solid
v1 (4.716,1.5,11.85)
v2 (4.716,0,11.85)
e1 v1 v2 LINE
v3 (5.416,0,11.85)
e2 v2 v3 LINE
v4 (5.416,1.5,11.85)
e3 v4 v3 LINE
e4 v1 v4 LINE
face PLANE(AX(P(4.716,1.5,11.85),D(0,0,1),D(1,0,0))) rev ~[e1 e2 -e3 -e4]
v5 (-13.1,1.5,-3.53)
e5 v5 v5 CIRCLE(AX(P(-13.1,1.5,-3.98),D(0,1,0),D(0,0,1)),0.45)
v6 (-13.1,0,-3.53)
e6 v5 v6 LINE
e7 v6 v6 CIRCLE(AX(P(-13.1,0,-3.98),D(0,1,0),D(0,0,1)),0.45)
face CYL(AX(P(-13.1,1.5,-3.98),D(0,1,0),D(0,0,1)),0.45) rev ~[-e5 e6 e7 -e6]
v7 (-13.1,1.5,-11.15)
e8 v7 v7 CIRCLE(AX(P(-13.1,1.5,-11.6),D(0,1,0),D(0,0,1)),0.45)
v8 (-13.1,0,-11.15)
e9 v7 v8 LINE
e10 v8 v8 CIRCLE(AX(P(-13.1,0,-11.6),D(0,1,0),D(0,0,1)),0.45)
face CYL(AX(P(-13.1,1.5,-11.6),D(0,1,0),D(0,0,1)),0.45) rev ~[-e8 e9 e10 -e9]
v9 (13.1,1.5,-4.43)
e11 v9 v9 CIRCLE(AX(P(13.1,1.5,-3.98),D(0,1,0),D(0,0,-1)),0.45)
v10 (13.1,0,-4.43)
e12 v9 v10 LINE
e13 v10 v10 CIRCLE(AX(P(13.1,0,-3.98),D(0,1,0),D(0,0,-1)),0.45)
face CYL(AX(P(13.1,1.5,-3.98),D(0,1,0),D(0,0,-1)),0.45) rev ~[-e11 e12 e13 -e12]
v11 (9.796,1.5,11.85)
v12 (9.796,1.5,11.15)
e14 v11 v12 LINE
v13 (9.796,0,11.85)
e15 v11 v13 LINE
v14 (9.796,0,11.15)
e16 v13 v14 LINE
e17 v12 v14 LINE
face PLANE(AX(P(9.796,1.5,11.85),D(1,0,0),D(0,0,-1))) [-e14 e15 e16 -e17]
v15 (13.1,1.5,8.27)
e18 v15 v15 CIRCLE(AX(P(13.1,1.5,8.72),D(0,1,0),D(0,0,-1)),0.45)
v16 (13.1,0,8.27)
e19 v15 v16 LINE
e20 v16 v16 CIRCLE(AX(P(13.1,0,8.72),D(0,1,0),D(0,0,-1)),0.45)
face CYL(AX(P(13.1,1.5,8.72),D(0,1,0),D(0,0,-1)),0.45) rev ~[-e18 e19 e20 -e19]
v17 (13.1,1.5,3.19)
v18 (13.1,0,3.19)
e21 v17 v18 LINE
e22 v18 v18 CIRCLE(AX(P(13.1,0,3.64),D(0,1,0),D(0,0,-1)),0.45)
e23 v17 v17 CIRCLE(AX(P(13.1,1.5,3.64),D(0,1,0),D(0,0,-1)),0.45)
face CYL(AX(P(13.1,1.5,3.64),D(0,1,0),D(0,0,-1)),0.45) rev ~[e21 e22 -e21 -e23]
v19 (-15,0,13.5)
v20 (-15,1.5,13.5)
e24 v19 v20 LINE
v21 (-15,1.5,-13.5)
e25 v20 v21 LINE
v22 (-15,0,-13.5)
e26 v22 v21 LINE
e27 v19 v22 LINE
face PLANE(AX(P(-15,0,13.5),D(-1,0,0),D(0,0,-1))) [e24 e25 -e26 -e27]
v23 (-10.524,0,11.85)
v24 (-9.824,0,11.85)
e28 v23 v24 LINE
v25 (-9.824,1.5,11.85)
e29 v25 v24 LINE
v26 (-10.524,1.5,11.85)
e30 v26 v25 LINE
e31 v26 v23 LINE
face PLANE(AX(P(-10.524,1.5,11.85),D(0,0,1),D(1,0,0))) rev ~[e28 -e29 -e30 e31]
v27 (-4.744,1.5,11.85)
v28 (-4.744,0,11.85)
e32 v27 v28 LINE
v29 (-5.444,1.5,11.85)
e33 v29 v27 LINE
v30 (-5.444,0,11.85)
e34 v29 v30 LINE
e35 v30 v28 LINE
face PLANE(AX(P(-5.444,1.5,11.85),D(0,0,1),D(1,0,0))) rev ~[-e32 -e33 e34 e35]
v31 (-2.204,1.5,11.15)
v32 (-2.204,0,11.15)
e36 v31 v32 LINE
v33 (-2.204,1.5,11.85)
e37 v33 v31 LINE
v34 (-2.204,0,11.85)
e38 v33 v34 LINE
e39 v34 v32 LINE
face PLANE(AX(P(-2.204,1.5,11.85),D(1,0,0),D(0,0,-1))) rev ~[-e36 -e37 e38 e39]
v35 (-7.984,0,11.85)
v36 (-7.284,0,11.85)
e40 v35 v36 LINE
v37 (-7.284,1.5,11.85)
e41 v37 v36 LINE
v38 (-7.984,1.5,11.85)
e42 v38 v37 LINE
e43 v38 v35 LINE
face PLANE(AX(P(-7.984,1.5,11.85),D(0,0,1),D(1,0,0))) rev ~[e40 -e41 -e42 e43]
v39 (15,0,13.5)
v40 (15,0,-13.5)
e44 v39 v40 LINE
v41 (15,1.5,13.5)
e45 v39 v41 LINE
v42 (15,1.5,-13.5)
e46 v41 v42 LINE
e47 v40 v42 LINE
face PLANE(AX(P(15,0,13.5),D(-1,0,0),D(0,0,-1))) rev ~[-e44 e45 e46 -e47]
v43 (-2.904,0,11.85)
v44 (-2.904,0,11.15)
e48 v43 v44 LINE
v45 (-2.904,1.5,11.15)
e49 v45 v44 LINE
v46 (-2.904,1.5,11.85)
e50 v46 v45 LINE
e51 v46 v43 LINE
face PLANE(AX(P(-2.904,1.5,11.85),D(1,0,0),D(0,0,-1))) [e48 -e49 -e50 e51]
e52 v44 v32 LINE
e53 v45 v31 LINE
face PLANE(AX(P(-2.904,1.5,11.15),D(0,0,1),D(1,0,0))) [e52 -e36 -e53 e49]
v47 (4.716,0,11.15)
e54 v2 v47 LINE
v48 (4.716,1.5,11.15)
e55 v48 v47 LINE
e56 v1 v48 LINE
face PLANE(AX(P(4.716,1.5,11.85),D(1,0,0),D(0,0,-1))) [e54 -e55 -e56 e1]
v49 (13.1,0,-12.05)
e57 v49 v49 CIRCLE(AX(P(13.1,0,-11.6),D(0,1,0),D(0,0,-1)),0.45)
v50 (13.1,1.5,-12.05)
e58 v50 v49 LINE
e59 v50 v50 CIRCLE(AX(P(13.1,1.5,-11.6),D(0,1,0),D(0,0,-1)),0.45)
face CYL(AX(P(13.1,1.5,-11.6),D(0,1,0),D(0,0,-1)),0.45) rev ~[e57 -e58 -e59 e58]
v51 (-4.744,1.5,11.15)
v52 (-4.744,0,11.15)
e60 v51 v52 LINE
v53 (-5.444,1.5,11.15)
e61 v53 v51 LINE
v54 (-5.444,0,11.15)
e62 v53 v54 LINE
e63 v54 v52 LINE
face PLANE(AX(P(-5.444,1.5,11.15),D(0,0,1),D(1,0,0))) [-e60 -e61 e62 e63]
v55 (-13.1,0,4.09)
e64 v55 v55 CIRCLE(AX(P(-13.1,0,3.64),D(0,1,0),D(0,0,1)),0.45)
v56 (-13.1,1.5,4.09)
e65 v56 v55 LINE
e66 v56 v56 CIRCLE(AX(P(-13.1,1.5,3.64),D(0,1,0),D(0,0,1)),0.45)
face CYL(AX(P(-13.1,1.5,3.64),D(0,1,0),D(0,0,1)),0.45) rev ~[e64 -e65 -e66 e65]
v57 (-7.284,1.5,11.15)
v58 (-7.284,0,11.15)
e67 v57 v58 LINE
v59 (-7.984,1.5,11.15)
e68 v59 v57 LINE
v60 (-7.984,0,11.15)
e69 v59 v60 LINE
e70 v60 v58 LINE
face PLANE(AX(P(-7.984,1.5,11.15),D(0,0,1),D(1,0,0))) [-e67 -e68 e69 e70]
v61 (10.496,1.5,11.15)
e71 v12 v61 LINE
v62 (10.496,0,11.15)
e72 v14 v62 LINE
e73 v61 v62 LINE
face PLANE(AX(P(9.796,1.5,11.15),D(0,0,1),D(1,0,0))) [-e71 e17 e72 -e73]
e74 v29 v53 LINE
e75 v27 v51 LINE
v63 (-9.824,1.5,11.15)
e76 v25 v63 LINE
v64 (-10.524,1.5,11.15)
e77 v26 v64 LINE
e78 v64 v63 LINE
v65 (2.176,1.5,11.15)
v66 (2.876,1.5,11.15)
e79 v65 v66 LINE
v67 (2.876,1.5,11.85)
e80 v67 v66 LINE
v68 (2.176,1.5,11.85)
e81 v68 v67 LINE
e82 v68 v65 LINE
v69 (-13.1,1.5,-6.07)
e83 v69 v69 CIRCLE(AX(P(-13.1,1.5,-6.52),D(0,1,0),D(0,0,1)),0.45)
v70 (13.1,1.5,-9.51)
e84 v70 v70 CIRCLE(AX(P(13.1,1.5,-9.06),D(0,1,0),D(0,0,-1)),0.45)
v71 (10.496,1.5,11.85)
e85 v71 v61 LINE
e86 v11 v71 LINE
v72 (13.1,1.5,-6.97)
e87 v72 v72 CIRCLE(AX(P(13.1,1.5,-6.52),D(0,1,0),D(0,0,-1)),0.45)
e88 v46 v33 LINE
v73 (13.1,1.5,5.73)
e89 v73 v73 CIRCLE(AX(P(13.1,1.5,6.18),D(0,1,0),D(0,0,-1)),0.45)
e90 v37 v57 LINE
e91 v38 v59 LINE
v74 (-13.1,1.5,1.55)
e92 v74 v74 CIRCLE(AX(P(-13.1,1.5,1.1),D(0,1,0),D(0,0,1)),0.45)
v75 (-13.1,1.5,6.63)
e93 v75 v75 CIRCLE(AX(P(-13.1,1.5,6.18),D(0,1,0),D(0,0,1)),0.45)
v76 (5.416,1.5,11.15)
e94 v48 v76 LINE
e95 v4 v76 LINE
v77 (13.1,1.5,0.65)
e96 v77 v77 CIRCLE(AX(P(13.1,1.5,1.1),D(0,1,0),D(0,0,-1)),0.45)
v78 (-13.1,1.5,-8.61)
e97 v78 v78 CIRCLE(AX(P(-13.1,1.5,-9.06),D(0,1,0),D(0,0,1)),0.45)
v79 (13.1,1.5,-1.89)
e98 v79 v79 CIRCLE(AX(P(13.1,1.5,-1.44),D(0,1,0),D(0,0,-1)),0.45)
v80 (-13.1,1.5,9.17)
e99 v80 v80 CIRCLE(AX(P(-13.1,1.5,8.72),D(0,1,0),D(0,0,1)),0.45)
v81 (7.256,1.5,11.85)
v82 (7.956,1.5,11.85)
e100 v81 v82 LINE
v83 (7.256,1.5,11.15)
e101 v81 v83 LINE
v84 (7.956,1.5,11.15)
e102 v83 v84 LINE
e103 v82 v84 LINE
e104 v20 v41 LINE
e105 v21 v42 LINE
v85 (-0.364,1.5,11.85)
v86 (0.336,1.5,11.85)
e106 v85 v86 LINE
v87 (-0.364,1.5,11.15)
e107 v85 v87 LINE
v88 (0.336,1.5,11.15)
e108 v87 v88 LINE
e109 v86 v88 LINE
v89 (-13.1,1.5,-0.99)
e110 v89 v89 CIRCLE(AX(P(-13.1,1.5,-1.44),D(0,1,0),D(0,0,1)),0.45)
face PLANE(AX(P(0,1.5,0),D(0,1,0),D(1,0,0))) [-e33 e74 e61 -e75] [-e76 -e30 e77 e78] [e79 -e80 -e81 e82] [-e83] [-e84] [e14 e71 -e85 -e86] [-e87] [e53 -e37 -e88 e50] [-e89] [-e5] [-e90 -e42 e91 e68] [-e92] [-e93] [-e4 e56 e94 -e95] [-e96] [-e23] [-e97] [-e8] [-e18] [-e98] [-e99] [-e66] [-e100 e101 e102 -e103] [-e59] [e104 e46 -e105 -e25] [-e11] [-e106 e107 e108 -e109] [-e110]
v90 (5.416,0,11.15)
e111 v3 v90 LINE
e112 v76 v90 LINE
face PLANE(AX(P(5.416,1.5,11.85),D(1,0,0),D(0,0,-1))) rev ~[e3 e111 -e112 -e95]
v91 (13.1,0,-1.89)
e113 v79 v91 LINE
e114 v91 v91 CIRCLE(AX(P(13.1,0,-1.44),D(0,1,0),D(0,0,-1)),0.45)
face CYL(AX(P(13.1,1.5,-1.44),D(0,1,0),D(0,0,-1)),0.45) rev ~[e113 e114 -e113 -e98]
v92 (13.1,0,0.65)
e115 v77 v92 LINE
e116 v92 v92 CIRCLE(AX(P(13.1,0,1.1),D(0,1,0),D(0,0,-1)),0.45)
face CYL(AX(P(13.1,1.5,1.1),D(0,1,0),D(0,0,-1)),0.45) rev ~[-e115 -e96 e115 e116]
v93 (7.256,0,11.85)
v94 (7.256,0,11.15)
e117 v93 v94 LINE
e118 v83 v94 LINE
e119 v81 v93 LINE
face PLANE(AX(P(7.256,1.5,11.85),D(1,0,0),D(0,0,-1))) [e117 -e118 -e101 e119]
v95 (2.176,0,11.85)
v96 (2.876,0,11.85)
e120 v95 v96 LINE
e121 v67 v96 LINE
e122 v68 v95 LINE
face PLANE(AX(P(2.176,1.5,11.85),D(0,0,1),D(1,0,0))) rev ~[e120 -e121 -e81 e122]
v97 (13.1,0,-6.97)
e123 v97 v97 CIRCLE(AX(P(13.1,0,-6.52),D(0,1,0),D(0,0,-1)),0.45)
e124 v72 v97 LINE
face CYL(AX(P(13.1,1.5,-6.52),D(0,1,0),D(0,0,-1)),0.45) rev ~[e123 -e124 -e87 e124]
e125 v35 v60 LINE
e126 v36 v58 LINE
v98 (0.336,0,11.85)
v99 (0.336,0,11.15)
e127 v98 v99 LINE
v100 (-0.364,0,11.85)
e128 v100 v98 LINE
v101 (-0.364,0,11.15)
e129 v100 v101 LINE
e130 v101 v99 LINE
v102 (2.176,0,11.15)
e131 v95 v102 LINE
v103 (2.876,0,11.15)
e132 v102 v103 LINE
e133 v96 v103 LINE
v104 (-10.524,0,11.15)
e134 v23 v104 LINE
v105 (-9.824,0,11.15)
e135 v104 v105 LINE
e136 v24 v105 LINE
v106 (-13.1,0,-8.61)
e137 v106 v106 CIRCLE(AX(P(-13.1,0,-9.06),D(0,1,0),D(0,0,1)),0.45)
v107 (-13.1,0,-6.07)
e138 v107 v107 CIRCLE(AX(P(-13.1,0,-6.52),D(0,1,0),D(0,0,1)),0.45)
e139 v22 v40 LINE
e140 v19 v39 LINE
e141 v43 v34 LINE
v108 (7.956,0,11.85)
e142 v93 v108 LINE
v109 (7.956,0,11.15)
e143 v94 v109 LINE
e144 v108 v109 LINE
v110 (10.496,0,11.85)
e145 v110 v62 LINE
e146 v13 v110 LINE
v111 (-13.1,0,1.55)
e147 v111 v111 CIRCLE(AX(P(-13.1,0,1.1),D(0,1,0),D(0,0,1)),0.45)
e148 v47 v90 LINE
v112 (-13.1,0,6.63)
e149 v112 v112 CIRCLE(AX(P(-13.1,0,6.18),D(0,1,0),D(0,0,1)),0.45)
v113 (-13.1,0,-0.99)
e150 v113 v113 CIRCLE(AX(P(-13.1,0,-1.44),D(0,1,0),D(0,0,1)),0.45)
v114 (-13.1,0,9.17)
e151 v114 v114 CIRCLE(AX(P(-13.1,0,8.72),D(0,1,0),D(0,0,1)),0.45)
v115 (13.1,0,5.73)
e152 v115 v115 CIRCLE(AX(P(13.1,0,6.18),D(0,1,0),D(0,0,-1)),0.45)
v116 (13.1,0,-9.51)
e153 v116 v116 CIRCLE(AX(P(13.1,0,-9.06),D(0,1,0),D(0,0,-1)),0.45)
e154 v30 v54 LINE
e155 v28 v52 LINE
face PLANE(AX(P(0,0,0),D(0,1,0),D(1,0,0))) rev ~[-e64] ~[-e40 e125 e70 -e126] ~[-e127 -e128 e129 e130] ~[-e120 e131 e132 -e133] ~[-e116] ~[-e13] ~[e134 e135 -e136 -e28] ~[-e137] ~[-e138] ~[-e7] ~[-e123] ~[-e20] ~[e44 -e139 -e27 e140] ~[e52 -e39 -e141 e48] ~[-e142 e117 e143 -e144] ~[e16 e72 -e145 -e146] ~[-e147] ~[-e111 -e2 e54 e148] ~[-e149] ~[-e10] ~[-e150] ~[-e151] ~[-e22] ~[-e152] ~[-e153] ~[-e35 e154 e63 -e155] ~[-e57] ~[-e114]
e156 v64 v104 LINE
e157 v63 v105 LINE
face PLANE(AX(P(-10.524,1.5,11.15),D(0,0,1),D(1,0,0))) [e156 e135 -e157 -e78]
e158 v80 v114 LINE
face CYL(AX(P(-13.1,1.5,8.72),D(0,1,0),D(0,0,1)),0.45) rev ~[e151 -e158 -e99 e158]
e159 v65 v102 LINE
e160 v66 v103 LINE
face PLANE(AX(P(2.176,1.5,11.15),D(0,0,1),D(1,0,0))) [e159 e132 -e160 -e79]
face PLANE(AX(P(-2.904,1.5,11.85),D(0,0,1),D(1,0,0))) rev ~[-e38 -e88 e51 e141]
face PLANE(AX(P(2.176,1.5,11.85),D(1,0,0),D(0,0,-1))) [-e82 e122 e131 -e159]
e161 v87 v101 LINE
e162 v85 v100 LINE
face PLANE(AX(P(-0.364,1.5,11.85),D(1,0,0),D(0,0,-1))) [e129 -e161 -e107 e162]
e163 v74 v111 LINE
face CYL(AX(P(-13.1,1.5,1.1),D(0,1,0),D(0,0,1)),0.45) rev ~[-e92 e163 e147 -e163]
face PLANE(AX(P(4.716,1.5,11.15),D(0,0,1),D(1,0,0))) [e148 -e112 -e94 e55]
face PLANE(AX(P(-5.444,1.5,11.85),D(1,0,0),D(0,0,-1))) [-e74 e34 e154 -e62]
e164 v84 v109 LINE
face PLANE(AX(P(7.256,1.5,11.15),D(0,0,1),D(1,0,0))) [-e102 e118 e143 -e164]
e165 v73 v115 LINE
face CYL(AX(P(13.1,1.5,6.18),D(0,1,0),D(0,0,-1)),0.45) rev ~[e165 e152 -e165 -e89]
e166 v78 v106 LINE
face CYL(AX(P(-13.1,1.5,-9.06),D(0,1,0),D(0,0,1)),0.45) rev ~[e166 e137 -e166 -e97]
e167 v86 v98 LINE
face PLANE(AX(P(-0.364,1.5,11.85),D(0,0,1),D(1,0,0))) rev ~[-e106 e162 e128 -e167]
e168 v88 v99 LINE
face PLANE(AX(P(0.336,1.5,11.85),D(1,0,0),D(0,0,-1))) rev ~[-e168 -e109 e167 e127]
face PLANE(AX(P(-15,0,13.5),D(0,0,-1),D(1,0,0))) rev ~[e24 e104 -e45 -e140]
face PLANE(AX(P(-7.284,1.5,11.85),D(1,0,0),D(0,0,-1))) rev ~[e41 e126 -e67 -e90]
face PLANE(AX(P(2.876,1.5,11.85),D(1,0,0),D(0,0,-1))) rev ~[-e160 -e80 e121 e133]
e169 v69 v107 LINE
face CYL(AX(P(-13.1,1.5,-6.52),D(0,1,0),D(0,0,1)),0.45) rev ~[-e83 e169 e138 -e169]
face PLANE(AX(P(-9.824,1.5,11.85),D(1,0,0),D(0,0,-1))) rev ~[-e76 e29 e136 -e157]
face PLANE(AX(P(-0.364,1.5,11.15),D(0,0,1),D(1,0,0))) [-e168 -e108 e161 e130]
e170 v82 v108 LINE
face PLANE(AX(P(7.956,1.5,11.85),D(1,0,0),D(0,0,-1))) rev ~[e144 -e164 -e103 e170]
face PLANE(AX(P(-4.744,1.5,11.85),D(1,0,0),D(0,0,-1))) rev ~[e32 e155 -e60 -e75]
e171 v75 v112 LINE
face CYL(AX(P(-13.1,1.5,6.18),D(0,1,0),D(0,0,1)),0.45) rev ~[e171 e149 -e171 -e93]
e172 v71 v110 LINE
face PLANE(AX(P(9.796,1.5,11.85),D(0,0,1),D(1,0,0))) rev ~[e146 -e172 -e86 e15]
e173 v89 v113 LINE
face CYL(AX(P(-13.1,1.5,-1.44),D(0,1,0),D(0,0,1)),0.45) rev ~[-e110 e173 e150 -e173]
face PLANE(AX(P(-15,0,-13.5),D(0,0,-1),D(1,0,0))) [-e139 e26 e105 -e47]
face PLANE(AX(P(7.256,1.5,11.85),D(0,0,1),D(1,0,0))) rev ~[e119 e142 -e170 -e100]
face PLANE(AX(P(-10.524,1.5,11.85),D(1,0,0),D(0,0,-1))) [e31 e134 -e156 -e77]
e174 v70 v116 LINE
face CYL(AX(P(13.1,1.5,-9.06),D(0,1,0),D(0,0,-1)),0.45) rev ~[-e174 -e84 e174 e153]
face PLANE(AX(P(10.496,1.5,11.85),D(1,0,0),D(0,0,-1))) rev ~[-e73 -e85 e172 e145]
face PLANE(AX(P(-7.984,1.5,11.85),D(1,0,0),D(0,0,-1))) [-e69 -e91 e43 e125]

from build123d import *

# Parameters (mm, degrees)
SKETCH_1_W          = 30
SKETCH_1_H          = 27
EXTRUDE_1_DEPTH     = 1.5
SKETCH_2_R          = 0.45
SKETCH_2_W          = 0.7
SKETCH_2_H          = 0.7
CUT_EXTRUDE_1_DEPTH = 21.236106345


with BuildPart() as part:
    # Эскиз1 → Бобышка-Вытянуть1 (new body)
    with BuildSketch(Plane(origin=(0, 0, 0), x_dir=(1, 0, 0), z_dir=(0, 1, 0))):
        Rectangle(SKETCH_1_W, SKETCH_1_H)
    extrude(amount=EXTRUDE_1_DEPTH)

    # Эскиз2 → Вырез-Вытянуть1 (cut, through all)
    with BuildSketch(Plane(origin=(0, 1.5, 0), x_dir=(1, 0, 0), z_dir=(0, 1, 0))):
        with Locations(Location((-13.1, -8.72, 0), (0, 0, 270))):
            Circle(SKETCH_2_R)
        with Locations(Location((-13.1, -6.18, 0), (0, 0, 270))):
            Circle(SKETCH_2_R)
        with Locations(Location((-13.1, -3.64, 0), (0, 0, 270))):
            Circle(SKETCH_2_R)
        with Locations(Location((-13.1, -1.1, 0), (0, 0, 270))):
            Circle(SKETCH_2_R)
        with Locations(Location((-13.1, 1.44, 0), (0, 0, 270))):
            Circle(SKETCH_2_R)
        with Locations(Location((-13.1, 3.98, 0), (0, 0, 270))):
            Circle(SKETCH_2_R)
        with Locations(Location((-13.1, 6.52, 0), (0, 0, 270))):
            Circle(SKETCH_2_R)
        with Locations(Location((-13.1, 9.06, 0), (0, 0, 270))):
            Circle(SKETCH_2_R)
        with Locations(Location((-13.1, 11.6, 0), (0, 0, 270))):
            Circle(SKETCH_2_R)
        with Locations(Location((13.1, 11.6, 0), (0, 0, 90))):
            Circle(SKETCH_2_R)
        with Locations(Location((13.1, 9.06, 0), (0, 0, 90))):
            Circle(SKETCH_2_R)
        with Locations(Location((13.1, 6.52, 0), (0, 0, 90))):
            Circle(SKETCH_2_R)
        with Locations(Location((13.1, 3.98, 0), (0, 0, 90))):
            Circle(SKETCH_2_R)
        with Locations(Location((13.1, 1.44, 0), (0, 0, 90))):
            Circle(SKETCH_2_R)
        with Locations(Location((13.1, -1.1, 0), (0, 0, 90))):
            Circle(SKETCH_2_R)
        with Locations(Location((13.1, -3.64, 0), (0, 0, 90))):
            Circle(SKETCH_2_R)
        with Locations(Location((13.1, -6.18, 0), (0, 0, 90))):
            Circle(SKETCH_2_R)
        with Locations(Location((13.1, -8.72, 0), (0, 0, 90))):
            Circle(SKETCH_2_R)
        with Locations((-10.174, -11.5)):
            Rectangle(SKETCH_2_W, SKETCH_2_H)
        with Locations((-7.634, -11.5)):
            Rectangle(SKETCH_2_W, SKETCH_2_H)
        with Locations((-5.094, -11.5)):
            Rectangle(SKETCH_2_W, SKETCH_2_H)
        with Locations((-2.554, -11.5)):
            Rectangle(SKETCH_2_W, SKETCH_2_H)
        with Locations((-0.014, -11.5)):
            Rectangle(SKETCH_2_W, SKETCH_2_H)
        with Locations((2.526, -11.5)):
            Rectangle(SKETCH_2_W, SKETCH_2_H)
        with Locations((5.066, -11.5)):
            Rectangle(SKETCH_2_W, SKETCH_2_H)
        with Locations((7.606, -11.5)):
            Rectangle(SKETCH_2_W, SKETCH_2_H)
        with Locations((10.146, -11.5)):
            Rectangle(SKETCH_2_W, SKETCH_2_H)
    extrude(amount=-CUT_EXTRUDE_1_DEPTH, mode=Mode.SUBTRACT)


solid = part.part
